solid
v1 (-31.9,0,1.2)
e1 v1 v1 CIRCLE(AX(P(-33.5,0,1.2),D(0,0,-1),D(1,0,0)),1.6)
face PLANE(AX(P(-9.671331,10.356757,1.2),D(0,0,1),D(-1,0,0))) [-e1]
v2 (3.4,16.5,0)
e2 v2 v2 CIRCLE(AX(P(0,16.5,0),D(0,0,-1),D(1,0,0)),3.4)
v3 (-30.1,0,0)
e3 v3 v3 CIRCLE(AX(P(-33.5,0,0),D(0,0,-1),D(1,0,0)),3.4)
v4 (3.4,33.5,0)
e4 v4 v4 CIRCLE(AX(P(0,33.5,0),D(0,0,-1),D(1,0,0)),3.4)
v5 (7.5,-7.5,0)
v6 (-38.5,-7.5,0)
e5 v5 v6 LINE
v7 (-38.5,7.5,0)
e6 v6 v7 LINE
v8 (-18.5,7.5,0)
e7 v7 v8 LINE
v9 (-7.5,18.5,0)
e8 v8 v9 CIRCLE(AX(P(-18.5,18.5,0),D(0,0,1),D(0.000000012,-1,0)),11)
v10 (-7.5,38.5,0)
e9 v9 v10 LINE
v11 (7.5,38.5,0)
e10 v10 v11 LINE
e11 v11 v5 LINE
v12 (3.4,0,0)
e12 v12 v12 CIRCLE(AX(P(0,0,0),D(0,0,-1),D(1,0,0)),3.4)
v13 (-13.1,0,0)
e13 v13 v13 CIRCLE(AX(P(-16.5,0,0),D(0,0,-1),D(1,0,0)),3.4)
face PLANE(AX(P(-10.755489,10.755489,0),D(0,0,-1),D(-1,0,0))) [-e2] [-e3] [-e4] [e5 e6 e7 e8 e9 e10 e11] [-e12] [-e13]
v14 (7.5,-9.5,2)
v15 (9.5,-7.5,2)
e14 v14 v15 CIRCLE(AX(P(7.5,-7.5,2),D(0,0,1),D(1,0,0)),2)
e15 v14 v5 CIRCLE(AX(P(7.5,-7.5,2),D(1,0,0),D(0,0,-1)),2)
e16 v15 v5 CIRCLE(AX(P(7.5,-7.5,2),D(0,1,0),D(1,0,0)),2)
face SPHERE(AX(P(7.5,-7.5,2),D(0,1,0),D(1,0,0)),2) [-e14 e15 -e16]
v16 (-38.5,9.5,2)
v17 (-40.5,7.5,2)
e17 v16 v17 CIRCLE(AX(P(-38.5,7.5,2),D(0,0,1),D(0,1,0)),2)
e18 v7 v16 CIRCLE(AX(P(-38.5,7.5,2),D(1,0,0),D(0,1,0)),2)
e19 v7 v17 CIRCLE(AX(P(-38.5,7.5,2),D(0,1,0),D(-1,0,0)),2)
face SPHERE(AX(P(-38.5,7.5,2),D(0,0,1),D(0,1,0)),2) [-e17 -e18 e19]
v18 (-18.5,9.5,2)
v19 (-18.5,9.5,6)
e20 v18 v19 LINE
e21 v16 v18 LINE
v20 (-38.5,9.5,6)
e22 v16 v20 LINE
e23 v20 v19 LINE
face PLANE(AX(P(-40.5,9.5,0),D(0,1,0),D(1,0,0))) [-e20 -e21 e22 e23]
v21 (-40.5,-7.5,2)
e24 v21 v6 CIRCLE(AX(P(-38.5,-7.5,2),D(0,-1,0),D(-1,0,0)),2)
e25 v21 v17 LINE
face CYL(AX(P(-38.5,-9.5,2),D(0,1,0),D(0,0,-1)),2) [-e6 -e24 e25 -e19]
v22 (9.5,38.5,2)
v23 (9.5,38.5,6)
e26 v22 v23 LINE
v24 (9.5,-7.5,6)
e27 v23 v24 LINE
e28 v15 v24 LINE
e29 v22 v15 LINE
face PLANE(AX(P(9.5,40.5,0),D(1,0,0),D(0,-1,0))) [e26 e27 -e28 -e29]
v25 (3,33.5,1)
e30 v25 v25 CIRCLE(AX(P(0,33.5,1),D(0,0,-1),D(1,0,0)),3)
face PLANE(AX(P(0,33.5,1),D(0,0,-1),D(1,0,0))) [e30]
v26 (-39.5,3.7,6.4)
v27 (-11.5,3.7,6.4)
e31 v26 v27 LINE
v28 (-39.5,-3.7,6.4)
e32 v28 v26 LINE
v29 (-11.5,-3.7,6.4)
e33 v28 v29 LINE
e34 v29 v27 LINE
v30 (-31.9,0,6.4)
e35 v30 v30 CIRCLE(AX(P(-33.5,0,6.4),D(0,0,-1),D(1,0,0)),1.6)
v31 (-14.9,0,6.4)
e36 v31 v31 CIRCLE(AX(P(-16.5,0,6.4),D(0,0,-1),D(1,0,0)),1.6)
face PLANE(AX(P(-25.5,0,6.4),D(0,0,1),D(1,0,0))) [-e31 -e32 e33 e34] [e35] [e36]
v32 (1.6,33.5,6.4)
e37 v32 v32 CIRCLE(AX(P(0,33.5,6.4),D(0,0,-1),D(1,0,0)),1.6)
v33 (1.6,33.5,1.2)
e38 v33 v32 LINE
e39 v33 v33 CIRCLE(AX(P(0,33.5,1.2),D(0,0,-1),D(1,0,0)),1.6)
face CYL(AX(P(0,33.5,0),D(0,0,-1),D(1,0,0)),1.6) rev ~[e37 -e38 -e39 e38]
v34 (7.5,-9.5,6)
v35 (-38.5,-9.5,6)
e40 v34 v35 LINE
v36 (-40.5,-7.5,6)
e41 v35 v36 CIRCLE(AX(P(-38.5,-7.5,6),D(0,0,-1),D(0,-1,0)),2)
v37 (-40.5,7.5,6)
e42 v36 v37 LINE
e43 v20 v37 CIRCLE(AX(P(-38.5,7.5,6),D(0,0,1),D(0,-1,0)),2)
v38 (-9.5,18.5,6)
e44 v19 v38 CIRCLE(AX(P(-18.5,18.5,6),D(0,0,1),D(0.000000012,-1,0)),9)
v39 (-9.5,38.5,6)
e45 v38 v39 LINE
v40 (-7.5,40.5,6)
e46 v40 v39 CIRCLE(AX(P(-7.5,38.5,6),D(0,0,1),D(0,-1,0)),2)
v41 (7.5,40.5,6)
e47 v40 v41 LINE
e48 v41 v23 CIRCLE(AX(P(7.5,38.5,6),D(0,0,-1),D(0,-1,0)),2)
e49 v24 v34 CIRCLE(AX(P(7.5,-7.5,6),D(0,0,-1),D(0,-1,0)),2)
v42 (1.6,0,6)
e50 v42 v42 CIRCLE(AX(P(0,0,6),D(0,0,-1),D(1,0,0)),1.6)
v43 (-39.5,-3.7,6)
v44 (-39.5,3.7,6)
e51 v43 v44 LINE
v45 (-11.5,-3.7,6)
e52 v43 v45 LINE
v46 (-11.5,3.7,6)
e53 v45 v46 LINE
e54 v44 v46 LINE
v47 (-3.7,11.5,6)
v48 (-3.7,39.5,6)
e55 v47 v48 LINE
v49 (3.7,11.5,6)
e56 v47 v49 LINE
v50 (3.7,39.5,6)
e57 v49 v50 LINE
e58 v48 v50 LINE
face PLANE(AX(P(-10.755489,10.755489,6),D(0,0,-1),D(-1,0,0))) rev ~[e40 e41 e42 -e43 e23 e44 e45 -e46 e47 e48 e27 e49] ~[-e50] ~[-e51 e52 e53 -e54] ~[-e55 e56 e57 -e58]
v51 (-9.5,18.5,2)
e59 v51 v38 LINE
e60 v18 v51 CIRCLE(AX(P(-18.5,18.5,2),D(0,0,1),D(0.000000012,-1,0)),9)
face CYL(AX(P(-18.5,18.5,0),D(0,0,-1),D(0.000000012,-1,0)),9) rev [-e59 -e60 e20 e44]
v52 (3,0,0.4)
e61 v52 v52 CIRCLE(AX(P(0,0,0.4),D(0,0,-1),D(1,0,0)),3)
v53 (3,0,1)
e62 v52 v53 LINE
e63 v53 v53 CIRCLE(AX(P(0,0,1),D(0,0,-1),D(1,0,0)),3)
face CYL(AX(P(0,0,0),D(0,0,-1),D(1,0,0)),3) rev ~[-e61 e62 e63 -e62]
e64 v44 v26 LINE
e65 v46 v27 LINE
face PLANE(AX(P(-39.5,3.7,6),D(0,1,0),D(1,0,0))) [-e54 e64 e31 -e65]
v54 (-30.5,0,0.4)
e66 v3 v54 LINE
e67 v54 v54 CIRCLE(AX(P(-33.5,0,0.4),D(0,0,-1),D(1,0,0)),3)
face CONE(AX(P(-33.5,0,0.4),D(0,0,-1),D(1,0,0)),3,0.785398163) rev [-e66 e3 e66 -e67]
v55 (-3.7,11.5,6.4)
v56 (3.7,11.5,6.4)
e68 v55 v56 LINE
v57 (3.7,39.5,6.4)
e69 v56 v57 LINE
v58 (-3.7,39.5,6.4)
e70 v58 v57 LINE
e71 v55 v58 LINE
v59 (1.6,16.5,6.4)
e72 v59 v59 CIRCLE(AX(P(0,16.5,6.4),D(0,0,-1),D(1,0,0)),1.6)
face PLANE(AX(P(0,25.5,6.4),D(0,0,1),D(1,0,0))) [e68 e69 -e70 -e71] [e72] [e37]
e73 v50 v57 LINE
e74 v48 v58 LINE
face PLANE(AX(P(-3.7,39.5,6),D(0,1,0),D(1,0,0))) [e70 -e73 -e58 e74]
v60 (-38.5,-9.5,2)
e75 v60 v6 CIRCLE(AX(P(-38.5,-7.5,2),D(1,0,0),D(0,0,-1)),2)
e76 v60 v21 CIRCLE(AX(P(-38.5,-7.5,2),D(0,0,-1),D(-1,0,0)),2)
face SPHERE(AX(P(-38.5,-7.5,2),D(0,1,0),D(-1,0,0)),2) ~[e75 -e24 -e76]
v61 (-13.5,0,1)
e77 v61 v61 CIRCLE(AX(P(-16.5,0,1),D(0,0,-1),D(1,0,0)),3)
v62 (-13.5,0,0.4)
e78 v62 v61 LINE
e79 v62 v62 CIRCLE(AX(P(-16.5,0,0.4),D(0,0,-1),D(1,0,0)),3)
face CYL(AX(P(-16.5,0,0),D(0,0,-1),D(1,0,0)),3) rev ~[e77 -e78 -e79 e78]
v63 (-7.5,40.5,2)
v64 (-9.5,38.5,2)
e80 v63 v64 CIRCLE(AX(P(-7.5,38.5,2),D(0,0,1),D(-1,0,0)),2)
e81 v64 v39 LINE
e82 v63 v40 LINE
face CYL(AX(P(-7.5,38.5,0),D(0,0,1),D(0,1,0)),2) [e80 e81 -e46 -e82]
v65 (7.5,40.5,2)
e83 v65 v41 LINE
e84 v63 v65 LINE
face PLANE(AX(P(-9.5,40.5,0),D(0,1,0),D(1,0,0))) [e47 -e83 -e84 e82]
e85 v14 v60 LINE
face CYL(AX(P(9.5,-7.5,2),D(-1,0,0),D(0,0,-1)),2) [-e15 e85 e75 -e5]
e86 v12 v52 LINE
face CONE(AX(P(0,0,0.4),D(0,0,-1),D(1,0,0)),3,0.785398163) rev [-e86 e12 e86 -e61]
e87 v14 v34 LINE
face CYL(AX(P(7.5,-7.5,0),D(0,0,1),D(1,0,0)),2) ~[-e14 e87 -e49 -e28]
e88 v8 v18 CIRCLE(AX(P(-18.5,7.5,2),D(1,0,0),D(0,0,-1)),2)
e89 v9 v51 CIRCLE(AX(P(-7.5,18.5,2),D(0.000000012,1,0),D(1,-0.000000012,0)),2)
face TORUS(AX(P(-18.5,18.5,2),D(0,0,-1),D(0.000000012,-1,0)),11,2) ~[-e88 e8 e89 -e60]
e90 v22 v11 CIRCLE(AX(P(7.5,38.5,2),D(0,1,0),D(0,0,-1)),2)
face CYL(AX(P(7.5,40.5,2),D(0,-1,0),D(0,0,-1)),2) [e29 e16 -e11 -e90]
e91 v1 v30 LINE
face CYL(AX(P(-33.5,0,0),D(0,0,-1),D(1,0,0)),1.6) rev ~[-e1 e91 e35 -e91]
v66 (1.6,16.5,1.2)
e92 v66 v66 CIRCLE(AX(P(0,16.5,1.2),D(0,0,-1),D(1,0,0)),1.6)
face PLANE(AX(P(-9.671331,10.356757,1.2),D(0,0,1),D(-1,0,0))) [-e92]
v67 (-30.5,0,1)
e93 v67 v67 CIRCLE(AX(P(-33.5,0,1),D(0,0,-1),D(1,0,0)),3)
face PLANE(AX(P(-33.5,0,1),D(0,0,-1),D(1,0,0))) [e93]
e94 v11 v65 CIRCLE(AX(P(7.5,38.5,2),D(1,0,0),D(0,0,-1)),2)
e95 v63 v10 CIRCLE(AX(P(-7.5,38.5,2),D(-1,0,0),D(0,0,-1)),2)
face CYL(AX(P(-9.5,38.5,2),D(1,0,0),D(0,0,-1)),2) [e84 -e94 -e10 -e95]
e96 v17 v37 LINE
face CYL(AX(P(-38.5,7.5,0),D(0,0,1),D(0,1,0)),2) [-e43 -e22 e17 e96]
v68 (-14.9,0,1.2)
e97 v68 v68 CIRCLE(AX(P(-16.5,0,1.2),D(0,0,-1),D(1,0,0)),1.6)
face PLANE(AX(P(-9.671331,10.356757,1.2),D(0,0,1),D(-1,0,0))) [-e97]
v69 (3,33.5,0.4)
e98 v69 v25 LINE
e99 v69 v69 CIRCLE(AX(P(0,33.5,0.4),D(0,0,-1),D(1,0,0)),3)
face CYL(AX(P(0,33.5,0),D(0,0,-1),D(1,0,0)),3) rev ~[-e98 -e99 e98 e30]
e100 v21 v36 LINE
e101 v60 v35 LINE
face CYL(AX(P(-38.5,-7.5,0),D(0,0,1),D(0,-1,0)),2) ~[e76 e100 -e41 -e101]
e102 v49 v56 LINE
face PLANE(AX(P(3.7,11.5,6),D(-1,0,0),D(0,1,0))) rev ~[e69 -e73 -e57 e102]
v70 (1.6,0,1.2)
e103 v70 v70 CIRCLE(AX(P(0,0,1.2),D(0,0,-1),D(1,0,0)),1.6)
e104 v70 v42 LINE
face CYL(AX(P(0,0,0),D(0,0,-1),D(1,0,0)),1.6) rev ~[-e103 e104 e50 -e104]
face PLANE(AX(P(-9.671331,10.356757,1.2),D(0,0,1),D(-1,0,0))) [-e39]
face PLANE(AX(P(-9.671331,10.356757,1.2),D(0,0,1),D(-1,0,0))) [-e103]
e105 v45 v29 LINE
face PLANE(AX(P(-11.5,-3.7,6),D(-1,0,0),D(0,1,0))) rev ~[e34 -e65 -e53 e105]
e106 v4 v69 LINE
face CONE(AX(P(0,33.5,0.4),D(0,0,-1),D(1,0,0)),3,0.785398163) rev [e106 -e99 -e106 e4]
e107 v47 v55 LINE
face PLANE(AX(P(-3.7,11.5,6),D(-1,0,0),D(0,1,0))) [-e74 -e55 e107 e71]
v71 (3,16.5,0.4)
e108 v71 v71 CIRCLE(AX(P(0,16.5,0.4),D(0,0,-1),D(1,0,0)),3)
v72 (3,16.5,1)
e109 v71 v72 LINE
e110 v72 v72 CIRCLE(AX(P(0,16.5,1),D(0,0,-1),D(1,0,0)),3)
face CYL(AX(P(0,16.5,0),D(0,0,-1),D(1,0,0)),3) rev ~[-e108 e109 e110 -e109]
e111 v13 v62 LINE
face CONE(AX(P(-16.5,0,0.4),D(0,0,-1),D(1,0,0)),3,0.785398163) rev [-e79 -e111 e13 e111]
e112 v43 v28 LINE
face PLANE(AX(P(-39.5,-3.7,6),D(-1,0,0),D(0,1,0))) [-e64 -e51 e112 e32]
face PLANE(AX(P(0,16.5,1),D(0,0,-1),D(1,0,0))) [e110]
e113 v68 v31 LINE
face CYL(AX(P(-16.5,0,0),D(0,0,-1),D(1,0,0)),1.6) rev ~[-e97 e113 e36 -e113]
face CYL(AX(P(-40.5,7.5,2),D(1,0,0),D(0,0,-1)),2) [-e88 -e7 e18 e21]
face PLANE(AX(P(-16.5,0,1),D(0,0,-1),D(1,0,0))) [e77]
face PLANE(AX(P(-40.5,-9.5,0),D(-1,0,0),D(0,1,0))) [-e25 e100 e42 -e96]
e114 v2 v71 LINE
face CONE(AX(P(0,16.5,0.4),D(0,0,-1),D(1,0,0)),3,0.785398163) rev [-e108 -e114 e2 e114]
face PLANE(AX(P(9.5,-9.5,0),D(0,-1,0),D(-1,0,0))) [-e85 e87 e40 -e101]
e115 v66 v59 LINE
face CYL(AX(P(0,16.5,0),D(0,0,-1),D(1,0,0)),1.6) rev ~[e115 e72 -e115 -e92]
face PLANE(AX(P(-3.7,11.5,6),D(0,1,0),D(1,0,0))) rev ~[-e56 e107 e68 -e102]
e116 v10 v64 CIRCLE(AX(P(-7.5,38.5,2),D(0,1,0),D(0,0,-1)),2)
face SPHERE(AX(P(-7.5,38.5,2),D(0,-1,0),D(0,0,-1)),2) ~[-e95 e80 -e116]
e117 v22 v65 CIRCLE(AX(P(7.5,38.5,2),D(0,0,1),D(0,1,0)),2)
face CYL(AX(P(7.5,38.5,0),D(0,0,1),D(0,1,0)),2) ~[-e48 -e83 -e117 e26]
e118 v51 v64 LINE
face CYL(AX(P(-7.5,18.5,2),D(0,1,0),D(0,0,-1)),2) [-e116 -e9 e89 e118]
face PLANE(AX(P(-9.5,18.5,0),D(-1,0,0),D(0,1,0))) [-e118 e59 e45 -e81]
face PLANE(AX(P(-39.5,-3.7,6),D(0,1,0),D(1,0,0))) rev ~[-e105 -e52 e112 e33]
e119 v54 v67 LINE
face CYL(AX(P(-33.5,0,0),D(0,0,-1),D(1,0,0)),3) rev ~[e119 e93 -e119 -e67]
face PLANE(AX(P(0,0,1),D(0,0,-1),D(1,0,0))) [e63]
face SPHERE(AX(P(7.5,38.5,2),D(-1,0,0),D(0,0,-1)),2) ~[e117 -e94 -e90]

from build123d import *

# Parameters (mm, degrees)
PAD_DEPTH       = 6
SKETCH001_W     = 28
SKETCH001_H     = 7.4
SKETCH001_W_2   = 7.4
SKETCH001_H_2   = 28
PAD001_DEPTH    = 0.4
SKETCH002_R     = 1.6
POCKET_DEPTH    = 6.401
SKETCH003_R     = 3
POCKET001_DEPTH = 1
PAD002_DEPTH    = 0.2
SKETCH007_R     = 1
POCKET002_DEPTH = 0.01
FILLET_R        = 2
CHAMFER_SIZE    = 0.4


with BuildPart() as part:
    # Sketch → Pad (new body)
    with BuildSketch(Plane.XY):
        with BuildLine():
            Line((-9.5, 40.5), (9.5, 40.5))
            Line((9.5, 40.5), (9.5, -9.5))
            Line((9.5, -9.5), (-40.5, -9.5))
            Line((-40.5, -9.5), (-40.5, 9.5))
            Line((-40.5, 9.5), (-18.5, 9.5))
            ThreePointArc((-18.5, 9.5), (-12.136039, 12.136039), (-9.5, 18.5))
            Line((-9.5, 18.5), (-9.5, 40.5))
        make_face()
    extrude(amount=PAD_DEPTH)

    # Sketch001 → Pad001 (new body)
    with BuildSketch(Plane.XY.offset(6)):
        with Locations((-25.5, 0)):
            Rectangle(SKETCH001_W, SKETCH001_H)
        with Locations((0, 25.5)):
            Rectangle(SKETCH001_W_2, SKETCH001_H_2)
    extrude(amount=PAD001_DEPTH)

    # Sketch002 → Pocket (cut, through all)
    with BuildSketch(Plane(origin=(0, 0, 0), x_dir=(1, 0, 0), z_dir=(0, 0, -1))):
        with Locations((-33.5, 0)):
            Circle(SKETCH002_R)
        with Locations((-16.5, 0)):
            Circle(SKETCH002_R)
        with Locations((0, -16.5)):
            Circle(SKETCH002_R)
        with Locations((0, -33.5)):
            Circle(SKETCH002_R)
        Circle(SKETCH002_R)
    extrude(amount=-POCKET_DEPTH, mode=Mode.SUBTRACT)

    # Sketch003 → Pocket001 (cut)
    with BuildSketch(Plane(origin=(0, 0, 0), x_dir=(1, 0, 0), z_dir=(0, 0, -1))):
        with Locations((-33.5, 0)):
            Circle(SKETCH003_R)
        with Locations((-16.5, 0)):
            Circle(SKETCH003_R)
        with Locations((0, -16.5)):
            Circle(SKETCH003_R)
        with Locations((0, -33.5)):
            Circle(SKETCH003_R)
        Circle(SKETCH003_R)
    extrude(amount=-POCKET001_DEPTH, mode=Mode.SUBTRACT)

    # Sketch006 → Pad002 (new body)
    with BuildSketch(Plane(origin=(0, 0, 1), x_dir=(1, 0, 0), z_dir=(0, 0, -1))):
        Polygon((-36.591786, 5.291606), (5.977032, 5.291606), (5.977032, -37.277212), (-5.613096, -37.277212), (-5.613096, -6.298522), (-36.591786, -6.298522), align=None)
    extrude(amount=-PAD002_DEPTH)

    # Sketch007 → Pocket002 (cut)
    with BuildSketch(Plane.XY.offset(6)):
        Circle(SKETCH007_R)
    extrude(amount=POCKET002_DEPTH, mode=Mode.SUBTRACT)

    # Fillet
    fillet_edges = [part.edges().sort_by_distance(p)[0] for p in [
        (-40.5, 9.5, 3),
        (-29.5, 9.5, 0),
        (-12.136039, 12.136039, 0),
        (-9.5, 29.5, 0),
        (0, 40.5, 0),
        (9.5, 15.5, 0),
        (9.5, -9.5, 3),
        (9.5, 40.5, 3),
        (-9.5, 40.5, 3),
        (-40.5, 0, 0),
        (-40.5, -9.5, 3),
        (-15.5, -9.5, 0),
    ]]
    fillet(fillet_edges, radius=FILLET_R)

    # Chamfer
    chamfer_edges = [part.edges().sort_by_distance(p)[0] for p in [
        (-19.5, 0, 0),
        (-36.5, 0, 0),
        (-3, 0, 0),
        (-3, 16.5, 0),
        (-3, 33.5, 0),
    ]]
    chamfer(chamfer_edges, length=CHAMFER_SIZE)


solid = part.part
